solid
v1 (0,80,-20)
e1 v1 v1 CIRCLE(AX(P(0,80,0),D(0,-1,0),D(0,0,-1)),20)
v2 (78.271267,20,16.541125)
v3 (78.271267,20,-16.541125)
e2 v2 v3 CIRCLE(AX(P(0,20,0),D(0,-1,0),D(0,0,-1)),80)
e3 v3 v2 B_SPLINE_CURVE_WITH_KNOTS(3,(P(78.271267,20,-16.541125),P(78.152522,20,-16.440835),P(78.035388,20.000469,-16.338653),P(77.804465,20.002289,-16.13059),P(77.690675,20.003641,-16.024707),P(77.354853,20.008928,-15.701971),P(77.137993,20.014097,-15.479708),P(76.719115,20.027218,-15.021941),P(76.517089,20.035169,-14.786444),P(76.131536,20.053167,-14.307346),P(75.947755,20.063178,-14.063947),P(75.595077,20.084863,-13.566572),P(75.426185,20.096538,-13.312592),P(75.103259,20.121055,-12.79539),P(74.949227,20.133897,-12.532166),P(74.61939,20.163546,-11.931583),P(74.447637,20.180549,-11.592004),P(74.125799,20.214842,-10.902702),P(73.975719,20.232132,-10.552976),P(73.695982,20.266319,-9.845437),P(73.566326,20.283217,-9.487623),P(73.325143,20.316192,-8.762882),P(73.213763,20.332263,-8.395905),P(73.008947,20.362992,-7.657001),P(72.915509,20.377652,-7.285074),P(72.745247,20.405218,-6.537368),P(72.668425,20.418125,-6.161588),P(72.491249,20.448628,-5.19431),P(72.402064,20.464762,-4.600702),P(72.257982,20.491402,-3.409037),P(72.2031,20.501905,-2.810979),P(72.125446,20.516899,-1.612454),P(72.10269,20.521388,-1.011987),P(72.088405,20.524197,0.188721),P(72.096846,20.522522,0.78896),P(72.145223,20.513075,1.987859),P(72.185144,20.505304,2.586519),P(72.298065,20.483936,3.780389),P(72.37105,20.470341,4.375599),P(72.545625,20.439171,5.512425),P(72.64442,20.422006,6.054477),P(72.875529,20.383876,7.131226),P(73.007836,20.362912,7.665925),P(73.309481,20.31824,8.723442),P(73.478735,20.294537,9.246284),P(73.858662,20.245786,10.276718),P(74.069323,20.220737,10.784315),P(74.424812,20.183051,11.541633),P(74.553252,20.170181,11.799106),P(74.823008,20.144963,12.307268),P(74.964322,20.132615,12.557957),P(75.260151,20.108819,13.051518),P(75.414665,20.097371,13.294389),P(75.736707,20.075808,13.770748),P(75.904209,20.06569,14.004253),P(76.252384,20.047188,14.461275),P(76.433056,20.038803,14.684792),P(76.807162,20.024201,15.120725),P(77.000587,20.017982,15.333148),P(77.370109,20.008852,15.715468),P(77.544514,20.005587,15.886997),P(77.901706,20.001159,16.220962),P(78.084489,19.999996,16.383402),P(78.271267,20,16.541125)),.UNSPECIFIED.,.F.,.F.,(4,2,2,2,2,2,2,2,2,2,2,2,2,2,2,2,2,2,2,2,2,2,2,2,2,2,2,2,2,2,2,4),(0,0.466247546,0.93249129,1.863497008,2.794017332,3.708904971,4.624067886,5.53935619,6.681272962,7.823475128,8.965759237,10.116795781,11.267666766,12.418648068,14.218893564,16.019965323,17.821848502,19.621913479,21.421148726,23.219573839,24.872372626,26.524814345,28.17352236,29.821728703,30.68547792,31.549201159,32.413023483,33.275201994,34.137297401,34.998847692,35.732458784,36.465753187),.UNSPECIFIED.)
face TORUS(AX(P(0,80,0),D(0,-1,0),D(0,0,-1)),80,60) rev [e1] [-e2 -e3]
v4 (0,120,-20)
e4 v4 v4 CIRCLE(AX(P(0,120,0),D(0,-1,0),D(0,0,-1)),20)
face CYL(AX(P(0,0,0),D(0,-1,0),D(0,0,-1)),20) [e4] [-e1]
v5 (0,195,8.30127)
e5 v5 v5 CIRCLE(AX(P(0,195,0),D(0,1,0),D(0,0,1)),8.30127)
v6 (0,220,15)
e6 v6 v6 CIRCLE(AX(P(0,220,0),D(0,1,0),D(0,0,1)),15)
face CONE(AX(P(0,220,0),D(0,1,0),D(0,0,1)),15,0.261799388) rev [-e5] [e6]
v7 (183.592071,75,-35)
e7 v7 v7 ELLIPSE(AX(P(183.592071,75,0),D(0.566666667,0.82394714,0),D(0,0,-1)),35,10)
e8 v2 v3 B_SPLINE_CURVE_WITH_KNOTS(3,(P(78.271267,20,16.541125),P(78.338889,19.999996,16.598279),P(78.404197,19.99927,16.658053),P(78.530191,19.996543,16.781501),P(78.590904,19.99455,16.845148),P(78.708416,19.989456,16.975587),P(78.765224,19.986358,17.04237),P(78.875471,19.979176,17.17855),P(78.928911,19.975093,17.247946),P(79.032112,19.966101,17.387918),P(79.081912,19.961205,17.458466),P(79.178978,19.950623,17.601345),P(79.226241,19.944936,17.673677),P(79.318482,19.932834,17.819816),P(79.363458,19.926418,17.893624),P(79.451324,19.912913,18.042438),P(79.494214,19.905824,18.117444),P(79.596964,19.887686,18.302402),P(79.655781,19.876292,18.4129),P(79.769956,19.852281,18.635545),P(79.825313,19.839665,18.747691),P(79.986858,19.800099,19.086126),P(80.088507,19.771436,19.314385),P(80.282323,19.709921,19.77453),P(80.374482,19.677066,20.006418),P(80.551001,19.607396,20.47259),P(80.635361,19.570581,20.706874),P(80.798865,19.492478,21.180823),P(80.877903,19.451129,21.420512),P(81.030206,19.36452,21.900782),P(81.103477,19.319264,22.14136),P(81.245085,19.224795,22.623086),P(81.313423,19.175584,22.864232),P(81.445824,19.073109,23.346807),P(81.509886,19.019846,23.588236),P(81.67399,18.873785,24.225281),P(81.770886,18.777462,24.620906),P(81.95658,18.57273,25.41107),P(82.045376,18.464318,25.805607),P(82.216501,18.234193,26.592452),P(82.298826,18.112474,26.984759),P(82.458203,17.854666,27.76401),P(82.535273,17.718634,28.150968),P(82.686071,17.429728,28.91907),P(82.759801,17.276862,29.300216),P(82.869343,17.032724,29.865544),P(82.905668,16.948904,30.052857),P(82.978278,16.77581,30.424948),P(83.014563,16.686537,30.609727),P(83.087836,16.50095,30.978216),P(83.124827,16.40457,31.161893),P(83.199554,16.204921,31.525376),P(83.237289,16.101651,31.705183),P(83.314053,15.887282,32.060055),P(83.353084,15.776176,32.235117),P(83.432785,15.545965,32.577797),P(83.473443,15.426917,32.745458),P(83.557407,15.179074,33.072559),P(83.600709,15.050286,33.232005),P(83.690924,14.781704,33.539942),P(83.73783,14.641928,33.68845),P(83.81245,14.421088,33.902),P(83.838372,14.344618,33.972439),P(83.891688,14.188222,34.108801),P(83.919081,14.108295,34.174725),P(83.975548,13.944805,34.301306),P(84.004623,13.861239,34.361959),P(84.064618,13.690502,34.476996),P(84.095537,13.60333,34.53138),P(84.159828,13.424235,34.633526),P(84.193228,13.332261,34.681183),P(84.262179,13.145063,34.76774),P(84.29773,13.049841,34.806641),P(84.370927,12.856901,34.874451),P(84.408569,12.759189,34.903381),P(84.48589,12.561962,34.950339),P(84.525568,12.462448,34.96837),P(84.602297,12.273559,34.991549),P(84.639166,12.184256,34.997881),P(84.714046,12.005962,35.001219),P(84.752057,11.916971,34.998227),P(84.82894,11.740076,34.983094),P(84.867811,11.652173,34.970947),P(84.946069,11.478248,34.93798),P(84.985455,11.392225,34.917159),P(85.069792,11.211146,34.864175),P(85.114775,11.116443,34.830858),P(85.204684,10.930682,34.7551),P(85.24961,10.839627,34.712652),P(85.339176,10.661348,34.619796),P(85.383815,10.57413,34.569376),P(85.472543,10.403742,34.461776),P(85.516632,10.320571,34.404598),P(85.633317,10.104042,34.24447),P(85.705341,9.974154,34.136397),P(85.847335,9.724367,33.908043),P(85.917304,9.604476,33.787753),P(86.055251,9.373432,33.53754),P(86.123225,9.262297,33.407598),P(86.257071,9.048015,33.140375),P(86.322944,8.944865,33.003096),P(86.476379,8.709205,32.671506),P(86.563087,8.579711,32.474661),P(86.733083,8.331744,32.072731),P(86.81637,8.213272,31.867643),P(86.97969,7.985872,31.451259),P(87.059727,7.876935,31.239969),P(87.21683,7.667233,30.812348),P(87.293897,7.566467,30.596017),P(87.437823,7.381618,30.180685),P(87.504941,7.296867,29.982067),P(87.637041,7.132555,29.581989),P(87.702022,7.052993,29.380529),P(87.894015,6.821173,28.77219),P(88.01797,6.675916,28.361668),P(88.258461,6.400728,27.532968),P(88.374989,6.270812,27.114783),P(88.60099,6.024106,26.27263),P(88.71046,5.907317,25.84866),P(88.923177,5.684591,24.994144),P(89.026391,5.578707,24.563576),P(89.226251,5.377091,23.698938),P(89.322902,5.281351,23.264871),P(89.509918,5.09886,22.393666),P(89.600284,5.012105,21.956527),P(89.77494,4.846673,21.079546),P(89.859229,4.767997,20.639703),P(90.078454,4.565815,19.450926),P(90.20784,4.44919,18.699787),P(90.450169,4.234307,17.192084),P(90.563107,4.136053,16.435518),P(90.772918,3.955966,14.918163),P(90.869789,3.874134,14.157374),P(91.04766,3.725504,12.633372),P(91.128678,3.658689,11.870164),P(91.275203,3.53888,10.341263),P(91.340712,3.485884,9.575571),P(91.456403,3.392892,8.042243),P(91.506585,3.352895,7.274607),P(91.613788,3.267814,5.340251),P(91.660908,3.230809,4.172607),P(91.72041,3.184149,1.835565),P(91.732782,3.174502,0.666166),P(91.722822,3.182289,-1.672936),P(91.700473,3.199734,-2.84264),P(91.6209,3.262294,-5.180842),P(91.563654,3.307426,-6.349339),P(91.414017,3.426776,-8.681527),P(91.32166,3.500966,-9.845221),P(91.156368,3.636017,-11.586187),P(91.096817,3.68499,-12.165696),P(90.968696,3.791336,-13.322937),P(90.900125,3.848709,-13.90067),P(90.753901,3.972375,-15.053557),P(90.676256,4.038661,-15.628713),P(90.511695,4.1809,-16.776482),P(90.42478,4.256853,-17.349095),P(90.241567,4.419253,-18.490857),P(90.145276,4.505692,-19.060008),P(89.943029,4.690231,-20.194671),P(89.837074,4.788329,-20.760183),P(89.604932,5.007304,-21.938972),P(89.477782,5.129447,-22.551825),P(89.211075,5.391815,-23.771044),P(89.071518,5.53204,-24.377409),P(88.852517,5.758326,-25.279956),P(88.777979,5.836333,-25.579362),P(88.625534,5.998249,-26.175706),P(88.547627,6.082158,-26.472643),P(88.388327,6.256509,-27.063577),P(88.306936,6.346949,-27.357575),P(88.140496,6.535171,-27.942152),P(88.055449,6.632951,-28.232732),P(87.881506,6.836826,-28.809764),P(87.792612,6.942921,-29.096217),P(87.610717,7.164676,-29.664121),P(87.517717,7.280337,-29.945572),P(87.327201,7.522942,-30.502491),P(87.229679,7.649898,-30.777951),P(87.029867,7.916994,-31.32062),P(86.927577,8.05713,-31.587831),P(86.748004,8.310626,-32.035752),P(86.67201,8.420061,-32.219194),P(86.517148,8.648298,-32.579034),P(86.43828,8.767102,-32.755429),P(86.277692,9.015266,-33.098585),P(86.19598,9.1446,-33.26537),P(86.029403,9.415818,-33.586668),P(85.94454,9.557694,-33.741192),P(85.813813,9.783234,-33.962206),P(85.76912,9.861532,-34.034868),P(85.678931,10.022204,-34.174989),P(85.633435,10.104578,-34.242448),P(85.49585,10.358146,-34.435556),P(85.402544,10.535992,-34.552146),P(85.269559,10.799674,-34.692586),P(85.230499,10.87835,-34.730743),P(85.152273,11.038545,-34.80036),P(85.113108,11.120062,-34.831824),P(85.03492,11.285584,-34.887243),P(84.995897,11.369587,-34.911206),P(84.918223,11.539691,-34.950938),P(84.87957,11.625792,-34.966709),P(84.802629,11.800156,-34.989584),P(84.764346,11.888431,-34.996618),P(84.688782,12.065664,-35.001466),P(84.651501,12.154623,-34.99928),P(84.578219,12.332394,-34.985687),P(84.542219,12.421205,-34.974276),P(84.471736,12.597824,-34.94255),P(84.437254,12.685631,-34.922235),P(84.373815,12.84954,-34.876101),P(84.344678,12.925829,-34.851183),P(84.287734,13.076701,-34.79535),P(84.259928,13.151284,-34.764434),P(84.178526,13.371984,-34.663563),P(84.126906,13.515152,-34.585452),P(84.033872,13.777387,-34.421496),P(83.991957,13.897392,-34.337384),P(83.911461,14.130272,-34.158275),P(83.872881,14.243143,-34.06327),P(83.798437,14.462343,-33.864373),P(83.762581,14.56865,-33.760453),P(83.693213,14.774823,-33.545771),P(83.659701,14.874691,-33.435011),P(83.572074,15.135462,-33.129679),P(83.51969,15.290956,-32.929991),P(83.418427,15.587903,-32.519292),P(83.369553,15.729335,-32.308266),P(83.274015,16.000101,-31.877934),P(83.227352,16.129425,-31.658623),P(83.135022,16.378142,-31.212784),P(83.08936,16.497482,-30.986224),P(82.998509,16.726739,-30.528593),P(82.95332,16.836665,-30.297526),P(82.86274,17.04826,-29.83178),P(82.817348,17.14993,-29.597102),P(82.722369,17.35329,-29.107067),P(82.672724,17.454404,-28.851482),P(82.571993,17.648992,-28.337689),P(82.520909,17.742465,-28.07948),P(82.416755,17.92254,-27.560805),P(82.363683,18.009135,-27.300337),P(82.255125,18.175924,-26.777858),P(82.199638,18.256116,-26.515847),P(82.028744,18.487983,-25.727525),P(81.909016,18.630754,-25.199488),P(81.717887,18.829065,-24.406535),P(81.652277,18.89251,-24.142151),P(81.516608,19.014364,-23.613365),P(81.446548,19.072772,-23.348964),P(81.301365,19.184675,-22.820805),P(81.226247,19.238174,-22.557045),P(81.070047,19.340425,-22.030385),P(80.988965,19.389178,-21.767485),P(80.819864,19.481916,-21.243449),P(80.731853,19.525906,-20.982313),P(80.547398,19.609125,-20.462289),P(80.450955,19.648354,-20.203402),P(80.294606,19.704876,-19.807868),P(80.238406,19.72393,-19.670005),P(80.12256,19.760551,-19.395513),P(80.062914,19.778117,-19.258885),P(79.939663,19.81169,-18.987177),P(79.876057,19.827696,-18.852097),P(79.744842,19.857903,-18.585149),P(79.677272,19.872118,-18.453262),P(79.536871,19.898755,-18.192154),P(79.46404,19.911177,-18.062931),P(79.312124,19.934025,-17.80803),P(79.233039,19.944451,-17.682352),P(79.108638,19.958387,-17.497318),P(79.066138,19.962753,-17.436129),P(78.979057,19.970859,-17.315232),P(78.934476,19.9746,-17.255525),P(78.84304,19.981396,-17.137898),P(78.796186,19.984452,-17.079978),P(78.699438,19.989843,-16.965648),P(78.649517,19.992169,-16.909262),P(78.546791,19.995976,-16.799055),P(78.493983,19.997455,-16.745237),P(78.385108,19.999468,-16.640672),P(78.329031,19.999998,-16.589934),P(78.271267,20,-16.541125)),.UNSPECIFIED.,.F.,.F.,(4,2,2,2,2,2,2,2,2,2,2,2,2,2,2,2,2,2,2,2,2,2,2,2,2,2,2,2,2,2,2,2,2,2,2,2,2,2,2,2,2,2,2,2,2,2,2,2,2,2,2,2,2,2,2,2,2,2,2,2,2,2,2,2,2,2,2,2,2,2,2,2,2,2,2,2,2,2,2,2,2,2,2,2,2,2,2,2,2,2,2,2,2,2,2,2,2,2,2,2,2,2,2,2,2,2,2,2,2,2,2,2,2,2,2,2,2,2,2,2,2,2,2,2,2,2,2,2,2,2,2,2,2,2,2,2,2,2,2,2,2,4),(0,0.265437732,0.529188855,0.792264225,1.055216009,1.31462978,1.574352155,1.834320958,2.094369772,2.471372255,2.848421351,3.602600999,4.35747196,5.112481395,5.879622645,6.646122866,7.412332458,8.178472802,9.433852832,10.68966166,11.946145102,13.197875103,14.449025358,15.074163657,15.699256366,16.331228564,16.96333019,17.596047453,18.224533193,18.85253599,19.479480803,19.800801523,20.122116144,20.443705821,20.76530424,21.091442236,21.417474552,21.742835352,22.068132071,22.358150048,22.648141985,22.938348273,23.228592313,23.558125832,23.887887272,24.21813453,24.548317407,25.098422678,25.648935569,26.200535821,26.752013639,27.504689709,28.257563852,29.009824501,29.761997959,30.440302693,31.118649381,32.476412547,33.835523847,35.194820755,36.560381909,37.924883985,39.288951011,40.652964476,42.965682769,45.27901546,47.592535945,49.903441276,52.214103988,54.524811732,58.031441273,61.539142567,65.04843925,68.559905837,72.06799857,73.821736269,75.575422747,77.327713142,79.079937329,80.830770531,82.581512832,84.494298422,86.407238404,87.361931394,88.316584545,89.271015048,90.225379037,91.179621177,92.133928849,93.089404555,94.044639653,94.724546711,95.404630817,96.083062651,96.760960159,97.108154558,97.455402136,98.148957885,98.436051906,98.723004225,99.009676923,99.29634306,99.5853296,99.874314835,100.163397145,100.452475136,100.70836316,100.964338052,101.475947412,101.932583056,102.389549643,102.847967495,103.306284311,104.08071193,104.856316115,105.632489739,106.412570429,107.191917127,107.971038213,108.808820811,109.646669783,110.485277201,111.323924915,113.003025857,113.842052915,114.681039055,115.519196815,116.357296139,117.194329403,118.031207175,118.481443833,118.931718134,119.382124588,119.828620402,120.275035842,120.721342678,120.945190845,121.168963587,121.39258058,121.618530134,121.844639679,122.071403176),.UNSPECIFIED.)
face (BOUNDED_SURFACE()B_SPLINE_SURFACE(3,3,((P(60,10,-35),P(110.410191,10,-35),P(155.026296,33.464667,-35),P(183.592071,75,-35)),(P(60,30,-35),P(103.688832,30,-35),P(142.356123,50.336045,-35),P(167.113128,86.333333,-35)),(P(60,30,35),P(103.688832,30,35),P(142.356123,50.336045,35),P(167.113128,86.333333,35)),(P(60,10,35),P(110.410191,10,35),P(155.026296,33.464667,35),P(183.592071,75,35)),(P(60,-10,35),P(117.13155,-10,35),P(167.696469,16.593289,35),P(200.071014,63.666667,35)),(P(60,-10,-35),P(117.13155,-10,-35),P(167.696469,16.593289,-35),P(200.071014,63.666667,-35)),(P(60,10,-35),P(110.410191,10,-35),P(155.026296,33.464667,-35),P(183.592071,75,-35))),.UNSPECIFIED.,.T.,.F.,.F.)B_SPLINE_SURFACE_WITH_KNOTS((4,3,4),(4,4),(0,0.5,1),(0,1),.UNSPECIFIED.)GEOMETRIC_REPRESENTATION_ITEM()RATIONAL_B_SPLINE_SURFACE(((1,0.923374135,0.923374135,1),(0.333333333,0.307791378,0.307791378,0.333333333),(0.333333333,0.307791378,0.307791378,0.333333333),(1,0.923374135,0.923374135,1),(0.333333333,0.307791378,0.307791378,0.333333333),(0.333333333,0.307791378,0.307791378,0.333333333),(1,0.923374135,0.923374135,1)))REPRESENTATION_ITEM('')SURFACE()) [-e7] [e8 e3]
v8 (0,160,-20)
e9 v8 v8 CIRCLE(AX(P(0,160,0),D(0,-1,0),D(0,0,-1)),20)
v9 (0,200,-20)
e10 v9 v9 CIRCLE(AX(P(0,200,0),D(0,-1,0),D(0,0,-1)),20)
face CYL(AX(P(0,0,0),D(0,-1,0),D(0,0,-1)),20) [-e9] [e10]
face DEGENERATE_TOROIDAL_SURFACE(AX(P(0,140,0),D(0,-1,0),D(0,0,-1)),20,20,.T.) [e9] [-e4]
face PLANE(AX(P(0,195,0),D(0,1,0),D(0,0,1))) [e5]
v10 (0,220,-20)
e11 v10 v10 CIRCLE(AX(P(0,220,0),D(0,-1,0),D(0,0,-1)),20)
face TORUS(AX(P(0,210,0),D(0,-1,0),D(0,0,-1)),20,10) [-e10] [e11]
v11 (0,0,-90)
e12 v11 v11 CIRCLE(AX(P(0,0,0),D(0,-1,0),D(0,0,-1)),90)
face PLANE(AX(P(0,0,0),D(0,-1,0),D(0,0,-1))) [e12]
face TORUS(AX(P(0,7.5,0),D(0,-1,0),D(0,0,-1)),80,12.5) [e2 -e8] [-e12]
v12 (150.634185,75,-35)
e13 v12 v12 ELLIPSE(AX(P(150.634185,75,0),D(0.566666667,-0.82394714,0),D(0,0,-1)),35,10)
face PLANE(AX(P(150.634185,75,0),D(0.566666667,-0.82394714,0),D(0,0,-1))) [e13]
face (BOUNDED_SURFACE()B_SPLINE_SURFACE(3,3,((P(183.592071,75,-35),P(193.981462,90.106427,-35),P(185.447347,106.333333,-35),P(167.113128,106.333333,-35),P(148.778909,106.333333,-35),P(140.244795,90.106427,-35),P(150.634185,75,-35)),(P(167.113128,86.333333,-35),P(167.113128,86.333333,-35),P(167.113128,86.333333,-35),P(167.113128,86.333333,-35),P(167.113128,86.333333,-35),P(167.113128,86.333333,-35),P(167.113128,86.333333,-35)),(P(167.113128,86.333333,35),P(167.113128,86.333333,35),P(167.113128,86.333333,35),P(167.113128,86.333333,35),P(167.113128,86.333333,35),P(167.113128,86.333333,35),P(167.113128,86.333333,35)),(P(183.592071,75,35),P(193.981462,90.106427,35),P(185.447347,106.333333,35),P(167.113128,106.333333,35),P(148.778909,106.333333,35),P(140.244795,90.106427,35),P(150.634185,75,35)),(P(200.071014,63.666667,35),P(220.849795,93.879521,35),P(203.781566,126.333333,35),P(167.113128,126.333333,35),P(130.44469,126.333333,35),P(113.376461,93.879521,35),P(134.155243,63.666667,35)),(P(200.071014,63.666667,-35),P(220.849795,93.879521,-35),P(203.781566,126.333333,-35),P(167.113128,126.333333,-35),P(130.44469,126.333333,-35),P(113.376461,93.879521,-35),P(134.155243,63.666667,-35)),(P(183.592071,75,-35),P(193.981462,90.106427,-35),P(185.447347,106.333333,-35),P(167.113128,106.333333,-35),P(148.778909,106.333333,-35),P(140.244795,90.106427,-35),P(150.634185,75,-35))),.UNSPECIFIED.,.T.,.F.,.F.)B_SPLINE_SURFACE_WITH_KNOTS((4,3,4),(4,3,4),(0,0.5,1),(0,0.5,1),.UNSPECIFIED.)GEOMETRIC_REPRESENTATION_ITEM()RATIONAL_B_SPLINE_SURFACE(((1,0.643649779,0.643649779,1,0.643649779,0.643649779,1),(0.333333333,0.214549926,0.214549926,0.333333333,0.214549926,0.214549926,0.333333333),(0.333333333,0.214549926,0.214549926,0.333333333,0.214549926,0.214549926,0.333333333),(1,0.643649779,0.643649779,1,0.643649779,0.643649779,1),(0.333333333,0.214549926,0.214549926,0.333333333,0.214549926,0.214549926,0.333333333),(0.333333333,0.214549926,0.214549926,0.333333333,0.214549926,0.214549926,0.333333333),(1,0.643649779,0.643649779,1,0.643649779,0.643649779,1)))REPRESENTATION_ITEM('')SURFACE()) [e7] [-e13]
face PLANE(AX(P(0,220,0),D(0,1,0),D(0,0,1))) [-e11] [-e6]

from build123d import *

# Parameters (mm, degrees)
SKETCH3_RX         = 35
SKETCH3_RY         = 10
SKETCH6_R          = 15
CUT_EXTRUDE1_DEPTH = 25
CUT_EXTRUDE1_TAPER = 15


with BuildPart() as part:
    # Sketch1 → Revolve1 (revolve)
    with BuildSketch(Plane.XY):
        with BuildLine():
            Line((0, 0), (0, 220))
            Line((0, 220), (20, 220))
            ThreePointArc((20, 220), (30, 210), (20, 200))
            Line((20, 200), (20, 160))
            ThreePointArc((20, 160), (40, 140), (20, 120))
            Line((20, 120), (20, 80))
            ThreePointArc((20, 80), (37.573593129, 37.573593129), (80, 20))
            ThreePointArc((80, 20), (91.180339887, 13.090169944), (90, 0))
            Line((90, 0), (0, 0))
        make_face()
    revolve(axis=Axis((0, 0, 0), (0, 1, 0)))

    # Sweep2: sweep along a path in Sketch2
    with BuildLine(Plane.XY) as sweep2_path:
        Line((0, 10), (60, 10))
        ThreePointArc((60, 10), (129.821200219, 27.240819526), (183.592070943, 75))
        ThreePointArc((183.592070943, 75), (167.113128151, 106.333333333), (150.634185358, 75))
    # Sketch3 → Sweep2 (sweep)
    with BuildSketch(Plane(origin=(0, 0, 0), x_dir=(0, 0, -1), z_dir=(1, 0, 0))):
        with Locations((0, 10)):
            Ellipse(SKETCH3_RX, SKETCH3_RY)
    sweep(path=sweep2_path.line)

    # Sketch6 → Cut-Extrude1 (cut)
    with BuildSketch(Plane(origin=(0, 220, 0), x_dir=(1, 0, 0), z_dir=(0, 1, 0))):
        Circle(SKETCH6_R)
    extrude(amount=-CUT_EXTRUDE1_DEPTH, taper=CUT_EXTRUDE1_TAPER, mode=Mode.SUBTRACT)


solid = part.part
